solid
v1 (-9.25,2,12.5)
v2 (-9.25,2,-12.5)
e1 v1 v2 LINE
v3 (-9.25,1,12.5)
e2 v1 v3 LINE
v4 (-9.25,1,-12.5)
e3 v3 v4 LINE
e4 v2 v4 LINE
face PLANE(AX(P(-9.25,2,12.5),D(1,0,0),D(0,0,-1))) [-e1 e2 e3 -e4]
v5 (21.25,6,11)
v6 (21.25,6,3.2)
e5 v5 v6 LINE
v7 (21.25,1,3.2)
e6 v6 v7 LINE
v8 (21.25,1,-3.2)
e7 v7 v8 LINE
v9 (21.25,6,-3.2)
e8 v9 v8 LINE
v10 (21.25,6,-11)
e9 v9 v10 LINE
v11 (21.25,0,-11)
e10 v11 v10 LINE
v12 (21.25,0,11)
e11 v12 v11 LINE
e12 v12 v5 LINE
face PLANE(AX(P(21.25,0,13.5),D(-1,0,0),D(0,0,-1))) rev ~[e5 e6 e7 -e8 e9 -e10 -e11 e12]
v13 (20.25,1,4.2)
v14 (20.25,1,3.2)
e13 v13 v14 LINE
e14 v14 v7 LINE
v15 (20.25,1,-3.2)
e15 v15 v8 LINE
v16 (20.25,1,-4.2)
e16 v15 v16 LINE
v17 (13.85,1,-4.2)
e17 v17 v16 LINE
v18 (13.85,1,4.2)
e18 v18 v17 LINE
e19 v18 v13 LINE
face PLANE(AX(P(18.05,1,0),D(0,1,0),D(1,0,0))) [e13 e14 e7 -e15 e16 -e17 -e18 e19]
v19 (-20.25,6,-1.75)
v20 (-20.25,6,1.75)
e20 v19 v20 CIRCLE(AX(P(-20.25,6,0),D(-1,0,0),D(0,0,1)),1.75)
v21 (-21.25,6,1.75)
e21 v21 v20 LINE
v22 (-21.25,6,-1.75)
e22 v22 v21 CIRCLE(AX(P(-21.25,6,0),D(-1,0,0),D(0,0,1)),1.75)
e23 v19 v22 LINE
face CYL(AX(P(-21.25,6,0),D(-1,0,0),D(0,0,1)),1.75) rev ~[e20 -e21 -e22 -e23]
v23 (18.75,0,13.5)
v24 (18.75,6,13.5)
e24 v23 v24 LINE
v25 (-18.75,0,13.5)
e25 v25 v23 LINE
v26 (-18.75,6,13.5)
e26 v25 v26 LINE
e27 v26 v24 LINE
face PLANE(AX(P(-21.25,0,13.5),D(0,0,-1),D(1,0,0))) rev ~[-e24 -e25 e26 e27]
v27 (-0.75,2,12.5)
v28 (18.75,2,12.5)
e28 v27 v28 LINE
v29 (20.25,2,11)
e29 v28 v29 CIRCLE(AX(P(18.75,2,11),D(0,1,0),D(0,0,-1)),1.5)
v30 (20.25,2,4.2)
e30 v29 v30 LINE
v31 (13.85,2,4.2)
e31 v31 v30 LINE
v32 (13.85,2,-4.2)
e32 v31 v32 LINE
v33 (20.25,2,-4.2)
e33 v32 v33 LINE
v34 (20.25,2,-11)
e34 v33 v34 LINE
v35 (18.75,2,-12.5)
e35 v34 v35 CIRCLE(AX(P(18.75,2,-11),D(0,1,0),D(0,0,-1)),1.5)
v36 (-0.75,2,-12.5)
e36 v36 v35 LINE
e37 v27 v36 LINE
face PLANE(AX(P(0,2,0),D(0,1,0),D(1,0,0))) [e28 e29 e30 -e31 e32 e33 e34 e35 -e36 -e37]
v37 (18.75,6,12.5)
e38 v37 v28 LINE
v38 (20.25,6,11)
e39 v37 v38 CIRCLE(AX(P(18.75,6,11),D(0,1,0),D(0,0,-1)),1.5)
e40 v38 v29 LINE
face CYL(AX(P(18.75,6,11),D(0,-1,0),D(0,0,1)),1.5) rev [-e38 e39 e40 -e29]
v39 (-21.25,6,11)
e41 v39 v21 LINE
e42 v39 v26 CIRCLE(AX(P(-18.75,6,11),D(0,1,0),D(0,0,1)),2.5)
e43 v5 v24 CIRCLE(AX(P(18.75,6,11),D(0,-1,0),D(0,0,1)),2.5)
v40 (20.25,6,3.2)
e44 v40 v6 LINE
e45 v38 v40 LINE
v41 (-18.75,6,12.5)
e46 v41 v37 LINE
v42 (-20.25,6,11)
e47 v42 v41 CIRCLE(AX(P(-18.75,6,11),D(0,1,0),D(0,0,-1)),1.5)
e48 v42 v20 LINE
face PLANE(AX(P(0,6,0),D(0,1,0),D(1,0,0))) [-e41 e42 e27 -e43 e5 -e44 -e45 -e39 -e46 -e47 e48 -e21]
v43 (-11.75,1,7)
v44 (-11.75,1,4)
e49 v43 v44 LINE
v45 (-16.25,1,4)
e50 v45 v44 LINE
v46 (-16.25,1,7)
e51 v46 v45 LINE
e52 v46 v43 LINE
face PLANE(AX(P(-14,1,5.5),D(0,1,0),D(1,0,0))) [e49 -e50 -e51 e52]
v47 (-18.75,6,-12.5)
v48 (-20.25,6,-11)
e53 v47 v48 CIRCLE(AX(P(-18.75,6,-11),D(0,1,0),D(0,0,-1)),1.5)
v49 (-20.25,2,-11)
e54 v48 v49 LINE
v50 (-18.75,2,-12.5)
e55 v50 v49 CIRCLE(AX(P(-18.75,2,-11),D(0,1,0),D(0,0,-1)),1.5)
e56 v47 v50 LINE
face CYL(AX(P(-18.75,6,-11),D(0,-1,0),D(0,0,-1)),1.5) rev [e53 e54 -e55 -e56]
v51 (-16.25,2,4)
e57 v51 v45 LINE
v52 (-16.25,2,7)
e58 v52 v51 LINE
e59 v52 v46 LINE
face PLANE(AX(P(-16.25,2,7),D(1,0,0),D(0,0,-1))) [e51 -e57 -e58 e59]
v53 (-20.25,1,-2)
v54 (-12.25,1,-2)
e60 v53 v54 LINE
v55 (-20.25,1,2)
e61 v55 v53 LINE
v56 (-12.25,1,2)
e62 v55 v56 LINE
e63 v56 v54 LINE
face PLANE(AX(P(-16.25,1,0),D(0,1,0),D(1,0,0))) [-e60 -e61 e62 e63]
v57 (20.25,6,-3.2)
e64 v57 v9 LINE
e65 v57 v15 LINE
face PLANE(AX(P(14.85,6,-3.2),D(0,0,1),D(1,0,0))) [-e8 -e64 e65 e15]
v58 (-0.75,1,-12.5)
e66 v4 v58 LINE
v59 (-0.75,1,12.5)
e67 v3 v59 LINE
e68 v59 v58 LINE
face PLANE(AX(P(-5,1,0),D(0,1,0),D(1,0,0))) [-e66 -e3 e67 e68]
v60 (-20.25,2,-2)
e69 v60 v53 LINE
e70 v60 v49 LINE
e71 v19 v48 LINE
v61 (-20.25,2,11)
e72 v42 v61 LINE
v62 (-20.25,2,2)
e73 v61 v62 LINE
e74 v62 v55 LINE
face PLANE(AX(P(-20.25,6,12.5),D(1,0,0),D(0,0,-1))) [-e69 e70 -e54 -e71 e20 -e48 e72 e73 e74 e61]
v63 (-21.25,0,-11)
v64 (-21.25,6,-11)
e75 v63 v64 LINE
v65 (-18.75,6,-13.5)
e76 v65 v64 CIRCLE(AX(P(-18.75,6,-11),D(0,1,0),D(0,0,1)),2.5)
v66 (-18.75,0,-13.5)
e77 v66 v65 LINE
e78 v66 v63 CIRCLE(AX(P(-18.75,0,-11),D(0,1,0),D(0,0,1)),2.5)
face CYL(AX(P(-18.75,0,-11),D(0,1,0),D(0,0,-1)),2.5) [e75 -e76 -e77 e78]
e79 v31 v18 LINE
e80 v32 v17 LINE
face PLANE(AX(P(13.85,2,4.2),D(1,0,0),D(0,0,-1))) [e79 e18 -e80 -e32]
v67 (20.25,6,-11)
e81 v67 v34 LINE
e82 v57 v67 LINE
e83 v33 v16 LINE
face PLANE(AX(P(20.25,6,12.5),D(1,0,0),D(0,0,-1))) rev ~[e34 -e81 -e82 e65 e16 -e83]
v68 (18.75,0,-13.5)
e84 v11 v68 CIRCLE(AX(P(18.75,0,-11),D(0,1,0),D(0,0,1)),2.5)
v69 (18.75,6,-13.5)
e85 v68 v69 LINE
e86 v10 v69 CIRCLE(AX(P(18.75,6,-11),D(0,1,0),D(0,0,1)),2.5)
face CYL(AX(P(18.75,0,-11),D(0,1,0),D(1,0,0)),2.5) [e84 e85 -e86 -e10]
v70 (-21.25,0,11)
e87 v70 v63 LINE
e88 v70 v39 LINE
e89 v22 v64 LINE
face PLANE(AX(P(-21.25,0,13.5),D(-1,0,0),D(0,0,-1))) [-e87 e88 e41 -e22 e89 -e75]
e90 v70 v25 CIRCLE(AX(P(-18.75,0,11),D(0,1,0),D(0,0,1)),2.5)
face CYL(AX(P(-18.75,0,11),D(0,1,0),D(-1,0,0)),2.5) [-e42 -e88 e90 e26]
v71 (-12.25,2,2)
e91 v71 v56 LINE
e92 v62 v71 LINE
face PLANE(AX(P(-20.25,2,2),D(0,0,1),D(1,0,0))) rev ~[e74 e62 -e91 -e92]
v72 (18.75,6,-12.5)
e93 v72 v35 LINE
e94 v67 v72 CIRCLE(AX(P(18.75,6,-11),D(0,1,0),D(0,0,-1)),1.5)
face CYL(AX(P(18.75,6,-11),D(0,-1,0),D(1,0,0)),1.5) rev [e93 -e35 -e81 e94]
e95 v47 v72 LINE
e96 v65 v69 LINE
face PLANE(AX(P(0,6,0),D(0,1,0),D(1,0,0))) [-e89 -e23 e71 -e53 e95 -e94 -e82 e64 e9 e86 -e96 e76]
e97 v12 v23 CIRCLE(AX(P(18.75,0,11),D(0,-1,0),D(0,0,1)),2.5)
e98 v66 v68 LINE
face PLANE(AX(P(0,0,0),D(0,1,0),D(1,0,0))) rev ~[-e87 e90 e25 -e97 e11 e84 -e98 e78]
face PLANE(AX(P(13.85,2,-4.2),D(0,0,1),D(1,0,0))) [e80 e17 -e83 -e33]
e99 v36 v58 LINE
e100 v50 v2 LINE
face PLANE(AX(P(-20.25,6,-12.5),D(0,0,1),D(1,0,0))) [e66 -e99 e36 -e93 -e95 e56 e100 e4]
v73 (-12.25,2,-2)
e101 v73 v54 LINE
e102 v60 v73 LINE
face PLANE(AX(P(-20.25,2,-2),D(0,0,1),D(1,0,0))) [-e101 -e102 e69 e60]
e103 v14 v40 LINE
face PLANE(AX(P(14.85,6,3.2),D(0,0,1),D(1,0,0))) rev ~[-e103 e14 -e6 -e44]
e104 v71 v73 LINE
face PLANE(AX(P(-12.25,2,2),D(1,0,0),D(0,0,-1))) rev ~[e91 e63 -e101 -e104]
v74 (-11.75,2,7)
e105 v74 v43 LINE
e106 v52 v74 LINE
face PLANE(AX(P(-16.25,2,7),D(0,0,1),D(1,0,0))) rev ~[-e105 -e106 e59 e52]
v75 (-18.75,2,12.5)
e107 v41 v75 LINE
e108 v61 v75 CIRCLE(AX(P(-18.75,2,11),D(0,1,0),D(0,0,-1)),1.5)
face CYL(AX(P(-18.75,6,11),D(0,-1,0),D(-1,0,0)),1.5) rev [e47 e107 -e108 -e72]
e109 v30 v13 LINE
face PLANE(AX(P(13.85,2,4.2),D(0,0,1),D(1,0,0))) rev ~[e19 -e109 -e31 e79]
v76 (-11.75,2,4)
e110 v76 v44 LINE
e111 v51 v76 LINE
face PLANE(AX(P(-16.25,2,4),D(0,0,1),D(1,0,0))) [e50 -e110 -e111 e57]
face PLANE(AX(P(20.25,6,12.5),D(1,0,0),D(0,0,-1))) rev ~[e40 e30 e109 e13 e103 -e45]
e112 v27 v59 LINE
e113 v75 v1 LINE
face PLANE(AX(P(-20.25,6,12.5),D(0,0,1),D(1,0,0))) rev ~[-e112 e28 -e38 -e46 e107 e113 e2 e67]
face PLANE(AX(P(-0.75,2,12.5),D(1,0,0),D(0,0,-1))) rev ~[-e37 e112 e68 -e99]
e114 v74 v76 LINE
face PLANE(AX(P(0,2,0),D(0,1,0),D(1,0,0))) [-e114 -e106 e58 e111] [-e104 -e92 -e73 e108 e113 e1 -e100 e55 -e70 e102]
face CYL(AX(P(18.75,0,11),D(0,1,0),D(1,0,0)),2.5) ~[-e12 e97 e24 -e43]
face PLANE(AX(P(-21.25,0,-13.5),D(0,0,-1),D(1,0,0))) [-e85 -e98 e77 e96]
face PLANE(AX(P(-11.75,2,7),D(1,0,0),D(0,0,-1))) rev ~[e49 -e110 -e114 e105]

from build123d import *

# Parameters (mm, degrees)
SKETCH1_W           = 42.5
SKETCH1_H           = 27
BOSS_EXTRUDE1_DEPTH = 6
SKETCH2_W           = 40.5
SKETCH2_H           = 25
CUT_EXTRUDE1_DEPTH  = 4
SKETCH3_W           = 6.4
SKETCH3_H           = 6.4
CUT_EXTRUDE2_DEPTH  = 5
CUT_EXTRUDE3_REACH  = 44.5
SKETCH4_R           = 1.75
SKETCH5_W           = 8.5
SKETCH5_H           = 25
CUT_EXTRUDE4_DEPTH  = 1
SKETCH6_W           = 8
SKETCH6_H           = 4
CUT_EXTRUDE5_DEPTH  = 1
SKETCH7_W           = 4.5
SKETCH7_H           = 3
CUT_EXTRUDE6_DEPTH  = 1
FILLET1_R           = 1.5
FILLET2_R           = 2.5
SKETCH8_W           = 6.4
SKETCH8_H           = 8.4
CUT_EXTRUDE7_DEPTH  = 1


with BuildPart() as part:
    # Sketch1 → Boss-Extrude1 (new body)
    with BuildSketch(Plane(origin=(0, 0, 0), x_dir=(1, 0, 0), z_dir=(0, 1, 0))):
        Rectangle(SKETCH1_W, SKETCH1_H)
    extrude(amount=BOSS_EXTRUDE1_DEPTH)

    # Sketch2 → Cut-Extrude1 (cut)
    with BuildSketch(Plane(origin=(0, 6, 0), x_dir=(1, 0, 0), z_dir=(0, 1, 0))):
        Rectangle(SKETCH2_W, SKETCH2_H)
    extrude(amount=-CUT_EXTRUDE1_DEPTH, mode=Mode.SUBTRACT)

    # Sketch3 → Cut-Extrude2 (cut)
    with BuildSketch(Plane(origin=(0, 6, 0), x_dir=(1, 0, 0), z_dir=(0, 1, 0))):
        with Locations((18.05, 0)):
            Rectangle(SKETCH3_W, SKETCH3_H)
    extrude(amount=-CUT_EXTRUDE2_DEPTH, mode=Mode.SUBTRACT)

    # Sketch4 → Cut-Extrude3 (cut, up to next)
    with BuildSketch(Plane.ZY.offset(21.25), mode=Mode.PRIVATE) as cut_extrude3_sk1:
        with Locations((0, 6)):
            Circle(SKETCH4_R)
    cut_extrude3_tool1 = extrude(cut_extrude3_sk1.sketch, amount=-CUT_EXTRUDE3_REACH, mode=Mode.PRIVATE) & part.part
    add(cut_extrude3_tool1.solids().sort_by_distance((-21.25, 6, 0))[0], mode=Mode.SUBTRACT)

    # Sketch5 → Cut-Extrude4 (cut)
    with BuildSketch(Plane(origin=(0, 2, 0), x_dir=(1, 0, 0), z_dir=(0, 1, 0))):
        with Locations((-5, 0)):
            Rectangle(SKETCH5_W, SKETCH5_H)
    extrude(amount=-CUT_EXTRUDE4_DEPTH, mode=Mode.SUBTRACT)

    # Sketch6 → Cut-Extrude5 (cut)
    with BuildSketch(Plane(origin=(0, 2, 0), x_dir=(1, 0, 0), z_dir=(0, 1, 0))):
        with Locations((-16.25, 0)):
            Rectangle(SKETCH6_W, SKETCH6_H)
    extrude(amount=-CUT_EXTRUDE5_DEPTH, mode=Mode.SUBTRACT)

    # Sketch7 → Cut-Extrude6 (cut)
    with BuildSketch(Plane(origin=(0, 2, 0), x_dir=(1, 0, 0), z_dir=(0, 1, 0))):
        with Locations((-14, -5.5)):
            Rectangle(SKETCH7_W, SKETCH7_H)
    extrude(amount=-CUT_EXTRUDE6_DEPTH, mode=Mode.SUBTRACT)

    # Fillet1
    fillet1_edges = [part.edges().sort_by_distance(p)[0] for p in [
        (20.25, 4, -12.5),
        (20.25, 4, 12.5),
        (-20.25, 4, 12.5),
        (-20.25, 4, -12.5),
    ]]
    fillet(fillet1_edges, radius=FILLET1_R)

    # Fillet2
    fillet2_edges = [part.edges().sort_by_distance(p)[0] for p in [
        (21.25, 3, 13.5),
        (-21.25, 3, 13.5),
        (-21.25, 3, -13.5),
        (21.25, 3, -13.5),
    ]]
    fillet(fillet2_edges, radius=FILLET2_R)

    # Sketch8 → Cut-Extrude7 (cut)
    with BuildSketch(Plane(origin=(0, 2, 0), x_dir=(1, 0, 0), z_dir=(0, 1, 0))):
        with Locations((17.05, 0)):
            Rectangle(SKETCH8_W, SKETCH8_H)
    extrude(amount=-CUT_EXTRUDE7_DEPTH, mode=Mode.SUBTRACT)


solid = part.part
